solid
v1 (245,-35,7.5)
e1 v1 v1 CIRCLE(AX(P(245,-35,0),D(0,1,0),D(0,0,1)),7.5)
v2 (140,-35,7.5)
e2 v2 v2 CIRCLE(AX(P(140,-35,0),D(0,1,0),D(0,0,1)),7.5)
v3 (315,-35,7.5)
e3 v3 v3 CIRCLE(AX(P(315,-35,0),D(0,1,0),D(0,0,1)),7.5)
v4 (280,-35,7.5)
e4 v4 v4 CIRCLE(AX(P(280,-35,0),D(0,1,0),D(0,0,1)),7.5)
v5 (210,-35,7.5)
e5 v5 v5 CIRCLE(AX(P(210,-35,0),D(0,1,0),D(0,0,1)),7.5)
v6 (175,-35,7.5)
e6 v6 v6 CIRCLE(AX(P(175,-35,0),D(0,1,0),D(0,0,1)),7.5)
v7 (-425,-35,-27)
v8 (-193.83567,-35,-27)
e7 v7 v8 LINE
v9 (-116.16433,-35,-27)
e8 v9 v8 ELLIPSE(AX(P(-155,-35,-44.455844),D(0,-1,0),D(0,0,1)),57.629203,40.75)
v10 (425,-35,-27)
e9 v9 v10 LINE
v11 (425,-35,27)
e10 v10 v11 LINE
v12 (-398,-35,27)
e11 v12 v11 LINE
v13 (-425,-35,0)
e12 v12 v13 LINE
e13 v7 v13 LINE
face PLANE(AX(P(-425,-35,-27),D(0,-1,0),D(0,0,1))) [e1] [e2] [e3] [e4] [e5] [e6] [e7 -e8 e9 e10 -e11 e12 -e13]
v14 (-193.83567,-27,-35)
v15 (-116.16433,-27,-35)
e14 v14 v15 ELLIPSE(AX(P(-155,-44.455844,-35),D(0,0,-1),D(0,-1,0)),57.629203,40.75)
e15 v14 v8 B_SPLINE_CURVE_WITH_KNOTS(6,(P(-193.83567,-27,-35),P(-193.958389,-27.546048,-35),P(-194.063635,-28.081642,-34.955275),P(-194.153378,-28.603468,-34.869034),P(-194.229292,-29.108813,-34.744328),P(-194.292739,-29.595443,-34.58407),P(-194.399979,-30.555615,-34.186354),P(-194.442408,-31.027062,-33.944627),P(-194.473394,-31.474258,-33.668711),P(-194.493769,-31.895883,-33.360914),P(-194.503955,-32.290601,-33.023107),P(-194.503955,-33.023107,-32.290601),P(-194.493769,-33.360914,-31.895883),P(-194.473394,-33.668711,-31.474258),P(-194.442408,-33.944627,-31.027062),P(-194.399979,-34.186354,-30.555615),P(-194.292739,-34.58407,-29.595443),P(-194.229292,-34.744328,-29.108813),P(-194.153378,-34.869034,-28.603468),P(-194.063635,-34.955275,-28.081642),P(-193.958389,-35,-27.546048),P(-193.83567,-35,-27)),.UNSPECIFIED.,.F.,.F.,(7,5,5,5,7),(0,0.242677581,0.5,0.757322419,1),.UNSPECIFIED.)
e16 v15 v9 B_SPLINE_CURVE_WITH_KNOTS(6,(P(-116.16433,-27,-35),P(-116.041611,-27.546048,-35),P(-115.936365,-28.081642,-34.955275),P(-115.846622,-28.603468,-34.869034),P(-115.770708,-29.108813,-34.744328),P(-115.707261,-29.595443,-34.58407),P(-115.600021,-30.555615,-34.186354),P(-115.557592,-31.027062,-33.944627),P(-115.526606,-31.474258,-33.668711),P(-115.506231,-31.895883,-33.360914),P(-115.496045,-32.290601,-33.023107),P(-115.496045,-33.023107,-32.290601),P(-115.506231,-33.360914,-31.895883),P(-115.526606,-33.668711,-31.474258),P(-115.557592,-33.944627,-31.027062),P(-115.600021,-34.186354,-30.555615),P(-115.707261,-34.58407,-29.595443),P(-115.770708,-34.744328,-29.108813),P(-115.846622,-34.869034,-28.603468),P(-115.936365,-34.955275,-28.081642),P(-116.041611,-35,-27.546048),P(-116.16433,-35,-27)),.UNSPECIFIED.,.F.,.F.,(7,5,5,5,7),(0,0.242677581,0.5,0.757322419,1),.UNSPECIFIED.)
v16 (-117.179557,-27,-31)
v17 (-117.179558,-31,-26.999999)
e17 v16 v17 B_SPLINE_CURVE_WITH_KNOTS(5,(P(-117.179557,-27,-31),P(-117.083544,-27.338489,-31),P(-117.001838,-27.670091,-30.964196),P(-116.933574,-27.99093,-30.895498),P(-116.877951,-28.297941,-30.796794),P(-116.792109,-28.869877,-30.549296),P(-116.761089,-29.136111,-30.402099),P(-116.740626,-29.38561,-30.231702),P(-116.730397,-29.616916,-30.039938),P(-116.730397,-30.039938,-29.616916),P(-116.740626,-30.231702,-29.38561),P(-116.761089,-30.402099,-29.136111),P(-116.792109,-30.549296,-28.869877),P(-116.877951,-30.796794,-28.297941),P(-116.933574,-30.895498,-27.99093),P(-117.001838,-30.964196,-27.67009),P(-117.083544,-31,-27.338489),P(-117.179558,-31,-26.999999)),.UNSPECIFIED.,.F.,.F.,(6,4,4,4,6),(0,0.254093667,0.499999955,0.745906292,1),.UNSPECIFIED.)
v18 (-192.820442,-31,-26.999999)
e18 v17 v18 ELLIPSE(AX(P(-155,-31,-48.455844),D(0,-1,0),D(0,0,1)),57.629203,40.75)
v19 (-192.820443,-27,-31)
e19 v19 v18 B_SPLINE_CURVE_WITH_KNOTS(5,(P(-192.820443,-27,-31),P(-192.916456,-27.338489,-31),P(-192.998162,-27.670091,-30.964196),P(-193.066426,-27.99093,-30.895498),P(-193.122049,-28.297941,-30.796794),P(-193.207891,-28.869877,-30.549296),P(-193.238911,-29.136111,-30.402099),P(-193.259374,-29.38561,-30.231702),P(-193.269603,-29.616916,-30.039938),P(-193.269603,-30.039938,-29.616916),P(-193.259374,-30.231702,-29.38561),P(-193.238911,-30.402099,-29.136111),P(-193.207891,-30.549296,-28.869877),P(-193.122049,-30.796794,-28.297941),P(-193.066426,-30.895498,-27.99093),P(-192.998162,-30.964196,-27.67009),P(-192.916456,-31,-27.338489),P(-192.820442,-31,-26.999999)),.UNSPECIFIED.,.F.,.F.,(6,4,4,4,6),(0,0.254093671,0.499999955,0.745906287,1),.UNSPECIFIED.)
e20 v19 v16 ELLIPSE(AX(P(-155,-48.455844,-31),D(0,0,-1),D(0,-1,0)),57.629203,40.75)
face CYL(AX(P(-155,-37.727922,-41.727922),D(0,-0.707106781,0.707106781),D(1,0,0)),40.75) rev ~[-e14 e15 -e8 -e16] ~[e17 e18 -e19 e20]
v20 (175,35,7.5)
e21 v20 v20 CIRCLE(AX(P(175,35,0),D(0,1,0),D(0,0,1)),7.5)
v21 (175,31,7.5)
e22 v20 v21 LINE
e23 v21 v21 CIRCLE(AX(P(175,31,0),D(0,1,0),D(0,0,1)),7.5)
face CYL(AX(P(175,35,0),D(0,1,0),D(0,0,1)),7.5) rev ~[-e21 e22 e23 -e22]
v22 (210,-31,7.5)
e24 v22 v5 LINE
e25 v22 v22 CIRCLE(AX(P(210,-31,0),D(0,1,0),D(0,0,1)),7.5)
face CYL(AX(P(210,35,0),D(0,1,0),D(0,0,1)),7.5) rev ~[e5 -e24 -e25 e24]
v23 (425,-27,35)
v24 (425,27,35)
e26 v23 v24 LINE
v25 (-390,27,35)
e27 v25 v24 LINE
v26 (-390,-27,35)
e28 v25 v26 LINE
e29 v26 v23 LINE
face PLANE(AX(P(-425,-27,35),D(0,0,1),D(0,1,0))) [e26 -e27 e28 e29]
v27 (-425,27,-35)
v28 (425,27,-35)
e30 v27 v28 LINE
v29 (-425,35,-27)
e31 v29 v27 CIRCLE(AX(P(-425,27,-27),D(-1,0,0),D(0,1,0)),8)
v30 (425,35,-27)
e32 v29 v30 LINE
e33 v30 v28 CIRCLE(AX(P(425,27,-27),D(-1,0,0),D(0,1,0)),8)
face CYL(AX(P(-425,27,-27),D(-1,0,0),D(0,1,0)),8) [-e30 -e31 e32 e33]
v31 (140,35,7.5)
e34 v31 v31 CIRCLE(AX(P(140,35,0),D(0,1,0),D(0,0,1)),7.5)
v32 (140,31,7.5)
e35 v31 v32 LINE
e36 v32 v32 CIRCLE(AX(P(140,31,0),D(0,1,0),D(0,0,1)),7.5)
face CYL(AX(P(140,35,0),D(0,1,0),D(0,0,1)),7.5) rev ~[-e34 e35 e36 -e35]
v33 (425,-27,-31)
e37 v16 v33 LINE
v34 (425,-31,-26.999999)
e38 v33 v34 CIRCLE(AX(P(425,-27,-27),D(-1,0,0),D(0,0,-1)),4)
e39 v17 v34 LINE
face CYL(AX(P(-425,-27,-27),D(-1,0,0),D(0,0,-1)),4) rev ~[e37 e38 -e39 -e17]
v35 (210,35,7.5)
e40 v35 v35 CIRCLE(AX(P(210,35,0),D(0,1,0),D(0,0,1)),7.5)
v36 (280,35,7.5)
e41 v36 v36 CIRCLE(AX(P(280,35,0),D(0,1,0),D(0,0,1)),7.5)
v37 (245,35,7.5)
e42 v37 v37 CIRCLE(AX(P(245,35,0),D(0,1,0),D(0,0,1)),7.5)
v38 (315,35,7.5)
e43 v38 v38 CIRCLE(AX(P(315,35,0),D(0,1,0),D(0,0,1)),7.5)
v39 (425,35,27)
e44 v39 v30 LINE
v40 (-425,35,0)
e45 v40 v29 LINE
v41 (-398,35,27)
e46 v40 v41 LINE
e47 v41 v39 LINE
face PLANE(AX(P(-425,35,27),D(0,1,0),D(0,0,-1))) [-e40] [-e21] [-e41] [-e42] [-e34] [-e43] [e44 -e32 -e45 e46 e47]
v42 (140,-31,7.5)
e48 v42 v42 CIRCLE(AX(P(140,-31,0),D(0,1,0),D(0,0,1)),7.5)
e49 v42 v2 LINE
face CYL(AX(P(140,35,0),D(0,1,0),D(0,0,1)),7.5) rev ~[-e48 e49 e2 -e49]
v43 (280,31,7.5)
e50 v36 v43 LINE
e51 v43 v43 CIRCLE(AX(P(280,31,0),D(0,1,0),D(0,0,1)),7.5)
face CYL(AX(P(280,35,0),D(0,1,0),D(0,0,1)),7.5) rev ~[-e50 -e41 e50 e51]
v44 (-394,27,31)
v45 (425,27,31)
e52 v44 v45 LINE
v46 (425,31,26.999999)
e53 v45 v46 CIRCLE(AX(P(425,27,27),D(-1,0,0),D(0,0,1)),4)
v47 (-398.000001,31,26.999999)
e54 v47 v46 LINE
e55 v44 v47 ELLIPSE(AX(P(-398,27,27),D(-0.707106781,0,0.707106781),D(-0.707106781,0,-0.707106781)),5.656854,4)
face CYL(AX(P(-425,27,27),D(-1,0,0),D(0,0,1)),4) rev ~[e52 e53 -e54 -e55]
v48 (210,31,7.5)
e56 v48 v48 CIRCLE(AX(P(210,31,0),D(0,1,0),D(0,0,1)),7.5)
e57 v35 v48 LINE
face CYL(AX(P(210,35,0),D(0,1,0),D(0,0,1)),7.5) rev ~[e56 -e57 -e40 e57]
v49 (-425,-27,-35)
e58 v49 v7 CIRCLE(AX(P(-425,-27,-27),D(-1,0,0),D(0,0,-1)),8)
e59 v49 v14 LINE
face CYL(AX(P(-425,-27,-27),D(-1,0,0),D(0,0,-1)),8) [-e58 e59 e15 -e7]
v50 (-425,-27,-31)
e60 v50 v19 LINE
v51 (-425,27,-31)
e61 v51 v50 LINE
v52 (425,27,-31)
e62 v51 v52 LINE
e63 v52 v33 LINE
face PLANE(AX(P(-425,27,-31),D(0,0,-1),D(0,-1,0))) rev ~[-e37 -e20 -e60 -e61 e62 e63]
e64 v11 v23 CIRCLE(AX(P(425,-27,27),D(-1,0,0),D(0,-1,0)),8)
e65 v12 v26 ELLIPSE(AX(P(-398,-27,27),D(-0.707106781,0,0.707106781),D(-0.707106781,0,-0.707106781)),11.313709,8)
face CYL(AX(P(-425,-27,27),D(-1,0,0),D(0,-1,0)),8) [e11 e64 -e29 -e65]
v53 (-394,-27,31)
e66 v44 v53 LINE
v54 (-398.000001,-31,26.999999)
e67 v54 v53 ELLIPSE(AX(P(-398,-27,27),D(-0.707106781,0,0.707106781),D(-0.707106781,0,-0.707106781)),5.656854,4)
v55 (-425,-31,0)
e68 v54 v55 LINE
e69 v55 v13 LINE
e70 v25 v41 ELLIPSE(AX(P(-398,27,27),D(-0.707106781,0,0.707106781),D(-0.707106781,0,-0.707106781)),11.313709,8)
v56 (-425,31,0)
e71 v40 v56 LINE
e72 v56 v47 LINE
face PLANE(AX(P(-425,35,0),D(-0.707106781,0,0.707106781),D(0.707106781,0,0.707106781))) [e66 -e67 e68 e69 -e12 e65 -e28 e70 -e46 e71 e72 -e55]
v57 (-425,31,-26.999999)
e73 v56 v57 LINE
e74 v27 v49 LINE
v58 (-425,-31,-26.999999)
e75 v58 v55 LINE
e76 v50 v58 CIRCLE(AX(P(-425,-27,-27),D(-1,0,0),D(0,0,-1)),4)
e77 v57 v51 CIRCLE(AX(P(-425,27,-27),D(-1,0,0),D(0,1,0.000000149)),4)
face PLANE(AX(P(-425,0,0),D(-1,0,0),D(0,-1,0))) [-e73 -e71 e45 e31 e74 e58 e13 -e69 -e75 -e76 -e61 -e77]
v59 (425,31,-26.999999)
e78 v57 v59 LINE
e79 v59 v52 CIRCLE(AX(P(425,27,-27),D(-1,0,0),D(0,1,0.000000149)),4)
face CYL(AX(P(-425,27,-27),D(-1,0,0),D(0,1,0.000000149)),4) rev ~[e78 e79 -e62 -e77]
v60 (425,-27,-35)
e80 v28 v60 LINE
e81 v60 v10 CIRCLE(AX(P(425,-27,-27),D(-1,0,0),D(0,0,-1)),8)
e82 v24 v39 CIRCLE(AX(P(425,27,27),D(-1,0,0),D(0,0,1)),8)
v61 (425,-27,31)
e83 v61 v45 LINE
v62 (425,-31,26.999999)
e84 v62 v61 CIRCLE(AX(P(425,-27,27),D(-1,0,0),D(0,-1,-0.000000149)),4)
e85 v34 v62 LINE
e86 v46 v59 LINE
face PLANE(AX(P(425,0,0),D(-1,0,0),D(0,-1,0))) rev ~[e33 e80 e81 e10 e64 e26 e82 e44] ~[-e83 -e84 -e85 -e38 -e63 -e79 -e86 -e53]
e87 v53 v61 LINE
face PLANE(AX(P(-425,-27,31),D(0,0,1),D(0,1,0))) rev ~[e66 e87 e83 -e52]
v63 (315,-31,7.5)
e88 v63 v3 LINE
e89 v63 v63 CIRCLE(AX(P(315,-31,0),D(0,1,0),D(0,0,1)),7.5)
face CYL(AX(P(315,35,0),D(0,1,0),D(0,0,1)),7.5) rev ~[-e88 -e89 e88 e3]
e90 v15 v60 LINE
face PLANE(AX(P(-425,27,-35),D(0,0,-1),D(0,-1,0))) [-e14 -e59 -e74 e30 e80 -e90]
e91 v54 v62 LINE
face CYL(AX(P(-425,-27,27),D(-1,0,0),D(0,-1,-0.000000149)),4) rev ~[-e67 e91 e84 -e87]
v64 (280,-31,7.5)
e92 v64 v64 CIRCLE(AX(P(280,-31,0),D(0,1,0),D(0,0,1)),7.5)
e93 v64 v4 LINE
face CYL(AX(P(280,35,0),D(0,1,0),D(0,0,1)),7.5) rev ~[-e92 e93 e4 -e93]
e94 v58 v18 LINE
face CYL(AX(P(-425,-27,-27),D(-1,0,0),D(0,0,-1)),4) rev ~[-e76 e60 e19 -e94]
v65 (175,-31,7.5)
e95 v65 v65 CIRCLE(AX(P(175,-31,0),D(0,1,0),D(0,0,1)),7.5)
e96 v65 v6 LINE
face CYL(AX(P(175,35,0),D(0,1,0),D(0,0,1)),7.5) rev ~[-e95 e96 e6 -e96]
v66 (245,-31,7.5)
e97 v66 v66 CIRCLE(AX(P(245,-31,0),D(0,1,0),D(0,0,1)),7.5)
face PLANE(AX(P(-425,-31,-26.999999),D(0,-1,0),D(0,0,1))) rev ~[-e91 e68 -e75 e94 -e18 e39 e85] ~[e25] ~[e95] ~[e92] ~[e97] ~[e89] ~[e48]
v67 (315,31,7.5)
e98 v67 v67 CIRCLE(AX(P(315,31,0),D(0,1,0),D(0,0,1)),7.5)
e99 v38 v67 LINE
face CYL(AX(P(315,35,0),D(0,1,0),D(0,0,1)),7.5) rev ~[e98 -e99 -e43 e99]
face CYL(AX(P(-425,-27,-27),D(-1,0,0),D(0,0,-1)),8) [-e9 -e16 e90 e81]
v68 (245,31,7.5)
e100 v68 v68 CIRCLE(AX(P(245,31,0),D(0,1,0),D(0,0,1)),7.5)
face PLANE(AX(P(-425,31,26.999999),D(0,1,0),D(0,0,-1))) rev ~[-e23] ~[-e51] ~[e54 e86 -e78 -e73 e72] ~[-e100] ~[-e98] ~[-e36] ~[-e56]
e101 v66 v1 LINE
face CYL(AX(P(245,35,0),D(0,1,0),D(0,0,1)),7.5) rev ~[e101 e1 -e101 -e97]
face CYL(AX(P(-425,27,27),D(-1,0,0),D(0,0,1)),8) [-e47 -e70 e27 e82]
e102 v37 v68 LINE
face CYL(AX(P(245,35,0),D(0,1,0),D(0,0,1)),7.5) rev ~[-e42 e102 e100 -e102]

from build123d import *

# Parameters (mm, degrees)
EL_MENT_M_CANO_SOUD_1_DEPTH = 850
ESQUISSE3_R                 = 7.5
ENL_V_MAT_EXTRU_2_DEPTH     = 90
ENL_V_MAT_EXTRU_3_DEPTH     = 71
ESQUISSE6_R                 = 40.75
ENL_V_MAT_EXTRU_4_DEPTH     = 90


with BuildPart() as part:
    # tube carré1 → Elément mécano-soudé1 (new body)
    with BuildSketch(Plane.YZ.offset(-425)):
        with BuildLine():
            Line((-27, 35), (27, 35))
            ThreePointArc((27, 35), (32.656854249, 32.656854249), (35, 27))
            Line((35, 27), (35, -27))
            ThreePointArc((35, -27), (32.656854249, -32.656854249), (27, -35))
            Line((27, -35), (-27, -35))
            ThreePointArc((-27, -35), (-32.656854249, -32.656854249), (-35, -27))
            Line((-35, -27), (-35, 27))
            ThreePointArc((-35, 27), (-32.656854249, 32.656854249), (-27, 35))
        make_face()
        with BuildLine():
            Line((-27, 31), (27, 31))
            ThreePointArc((27, 31), (29.828427336, 29.828426914), (31, 26.999999403))
            Line((31, 26.999999403), (31, -26.999999403))
            ThreePointArc((31, -26.999999403), (29.828427336, -29.828426914), (27, -31))
            Line((27, -31), (-27, -31))
            ThreePointArc((-27, -31), (-29.828427336, -29.828426914), (-31, -26.999999403))
            Line((-31, -26.999999403), (-31, 26.999999403))
            ThreePointArc((-31, 26.999999403), (-29.828427336, 29.828426914), (-27, 31))
        make_face(mode=Mode.SUBTRACT)
    extrude(amount=EL_MENT_M_CANO_SOUD_1_DEPTH)

    # Esquisse3 → Enlèv. mat.-Extru.2 (cut)
    with BuildSketch(Plane(origin=(0, 35, 0), x_dir=(1, 0, 0), z_dir=(0, 1, 0))):
        with Locations(Location((315, 0, 0), (0, 0, 270))):  # turned: the seam where the file's is
            Circle(ESQUISSE3_R)
        with Locations(Location((280, 0, 0), (0, 0, 270))):  # turned: the seam where the file's is
            Circle(ESQUISSE3_R)
        with Locations(Location((245, 0, 0), (0, 0, 270))):  # turned: the seam where the file's is
            Circle(ESQUISSE3_R)
        with Locations(Location((210, 0, 0), (0, 0, 270))):  # turned: the seam where the file's is
            Circle(ESQUISSE3_R)
        with Locations(Location((175, 0, 0), (0, 0, 270))):  # turned: the seam where the file's is
            Circle(ESQUISSE3_R)
        with Locations(Location((140, 0, 0), (0, 0, 270))):  # turned: the seam where the file's is
            Circle(ESQUISSE3_R)
    extrude(amount=-ENL_V_MAT_EXTRU_2_DEPTH, mode=Mode.SUBTRACT)

    # Esquisse5 → Enlèv. mat.-Extru.3 (cut, through all)
    with BuildSketch(Plane(origin=(0, 35, 0), x_dir=(1, 0, 0), z_dir=(0, 1, 0))):
        Polygon((-425, 0), (-390, -35), (-425, -35), align=None)
    extrude(amount=-ENL_V_MAT_EXTRU_3_DEPTH, mode=Mode.SUBTRACT)

    # Esquisse6 → Enlèv. mat.-Extru.4 (cut, symmetric)
    with BuildSketch(Plane(origin=(0, 2.000000299, -2.000000299), x_dir=(1, 0, 0), z_dir=(0, -0.707106781, 0.707106781))):
        with Locations((-155, -56.183766184)):
            Circle(ESQUISSE6_R)
    extrude(amount=ENL_V_MAT_EXTRU_4_DEPTH, both=True, mode=Mode.SUBTRACT)


solid = part.part
